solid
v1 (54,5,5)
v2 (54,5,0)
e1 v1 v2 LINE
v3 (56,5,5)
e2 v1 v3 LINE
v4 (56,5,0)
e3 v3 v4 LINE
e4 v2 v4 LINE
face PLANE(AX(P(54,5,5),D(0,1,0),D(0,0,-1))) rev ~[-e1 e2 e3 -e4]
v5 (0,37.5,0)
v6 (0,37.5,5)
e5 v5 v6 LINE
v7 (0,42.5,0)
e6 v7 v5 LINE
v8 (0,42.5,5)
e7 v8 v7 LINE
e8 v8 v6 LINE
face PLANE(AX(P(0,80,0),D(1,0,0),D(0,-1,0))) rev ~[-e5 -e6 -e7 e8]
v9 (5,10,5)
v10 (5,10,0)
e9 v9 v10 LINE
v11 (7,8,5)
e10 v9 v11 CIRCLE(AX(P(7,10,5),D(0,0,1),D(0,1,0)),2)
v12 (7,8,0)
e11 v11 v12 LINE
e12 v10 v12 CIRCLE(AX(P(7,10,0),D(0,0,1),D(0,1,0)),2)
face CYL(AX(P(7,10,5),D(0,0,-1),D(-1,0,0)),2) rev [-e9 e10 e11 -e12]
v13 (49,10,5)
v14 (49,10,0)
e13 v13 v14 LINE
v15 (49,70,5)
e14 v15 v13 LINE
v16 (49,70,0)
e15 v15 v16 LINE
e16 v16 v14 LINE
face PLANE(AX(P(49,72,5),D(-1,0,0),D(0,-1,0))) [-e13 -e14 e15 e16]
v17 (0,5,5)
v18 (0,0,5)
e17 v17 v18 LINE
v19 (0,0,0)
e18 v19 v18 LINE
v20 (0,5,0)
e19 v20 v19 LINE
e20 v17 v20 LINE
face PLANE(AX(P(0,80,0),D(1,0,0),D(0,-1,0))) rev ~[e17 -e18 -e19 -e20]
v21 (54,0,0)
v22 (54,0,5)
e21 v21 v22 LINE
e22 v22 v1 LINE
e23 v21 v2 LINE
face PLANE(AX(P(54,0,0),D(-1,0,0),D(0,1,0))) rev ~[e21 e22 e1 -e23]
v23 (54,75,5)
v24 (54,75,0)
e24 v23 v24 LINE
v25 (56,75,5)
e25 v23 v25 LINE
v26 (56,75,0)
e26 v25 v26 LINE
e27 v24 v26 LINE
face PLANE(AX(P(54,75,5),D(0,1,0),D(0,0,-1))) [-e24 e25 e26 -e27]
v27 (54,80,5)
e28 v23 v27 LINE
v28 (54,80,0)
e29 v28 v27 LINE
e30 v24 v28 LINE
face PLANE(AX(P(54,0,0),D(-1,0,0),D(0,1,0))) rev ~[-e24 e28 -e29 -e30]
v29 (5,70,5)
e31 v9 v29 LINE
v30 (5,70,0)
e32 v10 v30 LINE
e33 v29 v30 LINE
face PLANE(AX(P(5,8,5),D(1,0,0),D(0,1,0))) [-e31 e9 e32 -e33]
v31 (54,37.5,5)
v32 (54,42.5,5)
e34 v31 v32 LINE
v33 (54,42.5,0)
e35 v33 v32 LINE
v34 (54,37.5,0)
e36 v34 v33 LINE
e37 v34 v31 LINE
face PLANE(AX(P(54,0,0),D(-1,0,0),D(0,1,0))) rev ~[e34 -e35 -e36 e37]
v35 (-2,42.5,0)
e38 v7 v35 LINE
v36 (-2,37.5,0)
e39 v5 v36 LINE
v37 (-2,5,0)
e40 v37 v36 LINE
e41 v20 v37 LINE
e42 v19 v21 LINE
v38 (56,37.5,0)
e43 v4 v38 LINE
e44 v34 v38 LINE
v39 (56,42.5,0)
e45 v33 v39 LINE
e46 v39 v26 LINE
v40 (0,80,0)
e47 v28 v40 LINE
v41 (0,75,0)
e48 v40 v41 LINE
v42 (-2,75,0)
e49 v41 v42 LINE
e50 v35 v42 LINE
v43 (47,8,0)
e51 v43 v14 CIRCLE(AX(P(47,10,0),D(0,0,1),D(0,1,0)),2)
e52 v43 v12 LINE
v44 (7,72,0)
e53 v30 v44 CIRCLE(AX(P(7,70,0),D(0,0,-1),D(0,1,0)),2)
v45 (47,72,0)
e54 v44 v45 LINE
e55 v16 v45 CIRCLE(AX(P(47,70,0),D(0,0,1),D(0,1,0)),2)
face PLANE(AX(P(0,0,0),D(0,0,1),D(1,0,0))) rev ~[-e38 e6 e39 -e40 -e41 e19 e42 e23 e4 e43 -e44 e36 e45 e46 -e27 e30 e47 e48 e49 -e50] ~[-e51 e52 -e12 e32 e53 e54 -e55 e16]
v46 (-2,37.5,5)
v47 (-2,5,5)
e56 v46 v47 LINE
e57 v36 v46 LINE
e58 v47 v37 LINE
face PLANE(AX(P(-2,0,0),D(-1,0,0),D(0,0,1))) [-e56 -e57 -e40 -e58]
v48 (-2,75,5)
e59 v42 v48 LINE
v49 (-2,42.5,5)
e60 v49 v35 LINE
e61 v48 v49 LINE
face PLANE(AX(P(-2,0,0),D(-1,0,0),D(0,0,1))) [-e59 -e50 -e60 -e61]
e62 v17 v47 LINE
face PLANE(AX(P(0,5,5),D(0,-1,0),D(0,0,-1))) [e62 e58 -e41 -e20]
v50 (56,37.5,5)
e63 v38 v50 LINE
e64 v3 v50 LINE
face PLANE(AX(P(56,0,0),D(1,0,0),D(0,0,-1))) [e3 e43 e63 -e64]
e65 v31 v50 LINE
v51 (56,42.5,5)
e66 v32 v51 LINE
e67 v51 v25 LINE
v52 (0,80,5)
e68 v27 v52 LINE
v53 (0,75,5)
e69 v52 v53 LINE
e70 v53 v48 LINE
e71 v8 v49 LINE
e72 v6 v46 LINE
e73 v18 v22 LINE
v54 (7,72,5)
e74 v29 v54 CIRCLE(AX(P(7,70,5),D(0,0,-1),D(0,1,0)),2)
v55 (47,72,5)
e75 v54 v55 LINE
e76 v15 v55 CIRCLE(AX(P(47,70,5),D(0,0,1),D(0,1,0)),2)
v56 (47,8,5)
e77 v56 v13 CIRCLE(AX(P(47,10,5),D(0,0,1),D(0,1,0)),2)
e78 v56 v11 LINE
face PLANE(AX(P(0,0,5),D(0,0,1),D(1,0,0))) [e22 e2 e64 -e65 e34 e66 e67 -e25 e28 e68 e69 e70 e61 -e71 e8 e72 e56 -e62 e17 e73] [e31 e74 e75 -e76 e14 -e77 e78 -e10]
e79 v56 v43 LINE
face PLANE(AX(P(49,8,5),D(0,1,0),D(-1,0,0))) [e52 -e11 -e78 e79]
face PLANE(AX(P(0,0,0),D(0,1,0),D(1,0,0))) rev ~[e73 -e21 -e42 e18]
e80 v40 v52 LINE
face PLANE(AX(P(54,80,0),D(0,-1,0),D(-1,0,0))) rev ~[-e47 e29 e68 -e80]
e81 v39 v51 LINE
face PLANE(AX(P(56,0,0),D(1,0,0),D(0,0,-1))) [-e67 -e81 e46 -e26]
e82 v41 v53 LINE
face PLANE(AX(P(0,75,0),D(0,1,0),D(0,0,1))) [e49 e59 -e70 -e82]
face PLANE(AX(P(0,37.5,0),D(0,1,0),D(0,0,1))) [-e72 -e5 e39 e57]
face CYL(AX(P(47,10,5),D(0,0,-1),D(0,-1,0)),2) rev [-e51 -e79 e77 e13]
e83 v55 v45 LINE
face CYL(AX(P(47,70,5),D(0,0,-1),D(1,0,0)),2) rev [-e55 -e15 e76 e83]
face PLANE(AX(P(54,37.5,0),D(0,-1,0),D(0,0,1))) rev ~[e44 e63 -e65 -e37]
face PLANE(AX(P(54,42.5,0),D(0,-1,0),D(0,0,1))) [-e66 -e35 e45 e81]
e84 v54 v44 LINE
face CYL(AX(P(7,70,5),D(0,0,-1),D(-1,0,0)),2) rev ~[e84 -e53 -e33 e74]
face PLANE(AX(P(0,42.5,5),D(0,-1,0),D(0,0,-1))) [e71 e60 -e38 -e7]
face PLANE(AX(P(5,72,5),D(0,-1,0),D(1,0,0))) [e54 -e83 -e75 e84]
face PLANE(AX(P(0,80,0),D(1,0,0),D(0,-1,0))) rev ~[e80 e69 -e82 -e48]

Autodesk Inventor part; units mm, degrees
ref_plane "YZ Plane" through (0, 0, 0) normal (1, 0, 0) x (0, 1, 0)
ref_plane "XZ Plane" through (0, 0, 0) normal (0, 1, 0) x (-1, 0, 0)
ref_plane "XY Plane" through (0, 0, 0) normal (0, 0, 1) x (1, 0, 0)
sketch "スケッチ1" plane through (0, 0, 0) normal (0, 0, 1) x (1, 0, 0)
  line L0 (0, 0) -> (54, 0)
  line L1 (54, 0) -> (54, 80)
  line L2 (54, 80) -> (0, 80)
  line L3 (0, 80) -> (0, 0)
  dimension "d0" = 54
  dimension "d1" = 80
extrude "押し出し1" add sketch "スケッチ1" along normal blind 5
sketch "スケッチ2" plane through (54, 0, 0) normal (1, 0, 0) x (0, 0, -1)
  line L0 (0, 0) -> (0, 80) projected
  line L1 (0, 80) -> (-5, 80) projected
  line L2 (-5, 0) -> (-5, 80) projected
  line L3 (0, 0) -> (-5, 0) projected
  line L4 (-5, 0) -> (-5, 80) projected
  line L5 (-5, 40) -> (0, 40) construction
  line L6 (0, 0) -> (0, 80) projected
  line L7 (-5, 75) -> (0, 75)
  line L8 (0, 75) -> (0, 42.5)
  line L9 (0, 42.5) -> (-5, 42.5)
  line L10 (-5, 42.5) -> (-5, 75)
  line L11 (-5, 5) -> (0, 5)
  line L12 (0, 5) -> (0, 37.5)
  line L13 (0, 37.5) -> (-5, 37.5)
  line L14 (-5, 37.5) -> (-5, 5)
  point P0 (0, 37.5)
  point P1 (-5, 37.5)
  point P2 (0, 5)
  point P3 (-5, 42.5)
  point P4 (0, 42.5)
  point P5 (0, 75)
  dimension "d4" = 5
  dimension "d5" = 5
extrude "押し出し2" add sketch "スケッチ2" along normal blind 2 contours L11 L2 L13 L0 | L9 L2 L7 L0
sketch "スケッチ3" plane through (0, 0, 0) normal (-1, 0, 0) x (0, 0, 1)
  line L0 (0, 42.5) -> (0, 75) projected
  line L1 (0, 75) -> (5, 75) projected
  line L2 (5, 75) -> (5, 42.5) projected
  line L3 (5, 42.5) -> (0, 42.5) projected
  line L4 (5, 37.5) -> (5, 5) projected
  line L5 (5, 5) -> (0, 5) projected
  line L6 (0, 5) -> (0, 37.5) projected
  line L7 (0, 37.5) -> (5, 37.5) projected
  point P0 (0, 0)
extrude "押し出し3" add sketch "スケッチ3" along normal blind 2
sketch "スケッチ4" plane through (0, 0, 5) normal (0, 0, 1) x (1, 0, 0)
  line L0 (54, 0) -> (54, 5) projected
  line L1 (54, 5) -> (56, 5) projected
  line L2 (56, 37.5) -> (56, 5) projected
  line L3 (54, 37.5) -> (56, 37.5) projected
  line L4 (54, 37.5) -> (54, 42.5) projected
  line L5 (54, 42.5) -> (56, 42.5) projected
  line L6 (56, 75) -> (56, 42.5) projected
  line L7 (54, 75) -> (56, 75) projected
  line L8 (54, 75) -> (54, 80) projected
  line L9 (54, 80) -> (0, 80) projected
  line L10 (0, 80) -> (0, 75) projected
  line L11 (0, 75) -> (-2, 75) projected
  line L12 (-2, 42.5) -> (-2, 75) projected
  line L13 (0, 42.5) -> (-2, 42.5) projected
  line L14 (0, 42.5) -> (0, 37.5) projected
  line L15 (0, 37.5) -> (-2, 37.5) projected
  line L16 (-2, 5) -> (-2, 37.5) projected
  line L17 (0, 5) -> (-2, 5) projected
  line L18 (0, 5) -> (0, 0) projected
  line L19 (0, 0) -> (54, 0) projected
  line L20 (54, 80) -> (0, 80) projected
  line L21 (27, 80) -> (27, 0) construction
  line L22 (0, 0) -> (54, 0) projected
  line L23 (5, 72) -> (49, 72)
  line L24 (49, 72) -> (49, 8)
  line L25 (49, 8) -> (5, 8)
  line L26 (5, 8) -> (5, 72)
  line L27 (0, 42.5) -> (0, 37.5) projected
  line L28 (0, 40) -> (54, 40) construction
  dimension "d10" = 8
  dimension "d11" = 5
extrude "押し出し4" cut sketch "スケッチ4" against normal through all contours L23 L24 L25 L26
fillet "フィレット1" radius 2 4 edges at (49, 72, 2.5) (5, 72, 2.5) (5, 8, 2.5) (49, 8, 2.5)
properties part number "foot_connect"
